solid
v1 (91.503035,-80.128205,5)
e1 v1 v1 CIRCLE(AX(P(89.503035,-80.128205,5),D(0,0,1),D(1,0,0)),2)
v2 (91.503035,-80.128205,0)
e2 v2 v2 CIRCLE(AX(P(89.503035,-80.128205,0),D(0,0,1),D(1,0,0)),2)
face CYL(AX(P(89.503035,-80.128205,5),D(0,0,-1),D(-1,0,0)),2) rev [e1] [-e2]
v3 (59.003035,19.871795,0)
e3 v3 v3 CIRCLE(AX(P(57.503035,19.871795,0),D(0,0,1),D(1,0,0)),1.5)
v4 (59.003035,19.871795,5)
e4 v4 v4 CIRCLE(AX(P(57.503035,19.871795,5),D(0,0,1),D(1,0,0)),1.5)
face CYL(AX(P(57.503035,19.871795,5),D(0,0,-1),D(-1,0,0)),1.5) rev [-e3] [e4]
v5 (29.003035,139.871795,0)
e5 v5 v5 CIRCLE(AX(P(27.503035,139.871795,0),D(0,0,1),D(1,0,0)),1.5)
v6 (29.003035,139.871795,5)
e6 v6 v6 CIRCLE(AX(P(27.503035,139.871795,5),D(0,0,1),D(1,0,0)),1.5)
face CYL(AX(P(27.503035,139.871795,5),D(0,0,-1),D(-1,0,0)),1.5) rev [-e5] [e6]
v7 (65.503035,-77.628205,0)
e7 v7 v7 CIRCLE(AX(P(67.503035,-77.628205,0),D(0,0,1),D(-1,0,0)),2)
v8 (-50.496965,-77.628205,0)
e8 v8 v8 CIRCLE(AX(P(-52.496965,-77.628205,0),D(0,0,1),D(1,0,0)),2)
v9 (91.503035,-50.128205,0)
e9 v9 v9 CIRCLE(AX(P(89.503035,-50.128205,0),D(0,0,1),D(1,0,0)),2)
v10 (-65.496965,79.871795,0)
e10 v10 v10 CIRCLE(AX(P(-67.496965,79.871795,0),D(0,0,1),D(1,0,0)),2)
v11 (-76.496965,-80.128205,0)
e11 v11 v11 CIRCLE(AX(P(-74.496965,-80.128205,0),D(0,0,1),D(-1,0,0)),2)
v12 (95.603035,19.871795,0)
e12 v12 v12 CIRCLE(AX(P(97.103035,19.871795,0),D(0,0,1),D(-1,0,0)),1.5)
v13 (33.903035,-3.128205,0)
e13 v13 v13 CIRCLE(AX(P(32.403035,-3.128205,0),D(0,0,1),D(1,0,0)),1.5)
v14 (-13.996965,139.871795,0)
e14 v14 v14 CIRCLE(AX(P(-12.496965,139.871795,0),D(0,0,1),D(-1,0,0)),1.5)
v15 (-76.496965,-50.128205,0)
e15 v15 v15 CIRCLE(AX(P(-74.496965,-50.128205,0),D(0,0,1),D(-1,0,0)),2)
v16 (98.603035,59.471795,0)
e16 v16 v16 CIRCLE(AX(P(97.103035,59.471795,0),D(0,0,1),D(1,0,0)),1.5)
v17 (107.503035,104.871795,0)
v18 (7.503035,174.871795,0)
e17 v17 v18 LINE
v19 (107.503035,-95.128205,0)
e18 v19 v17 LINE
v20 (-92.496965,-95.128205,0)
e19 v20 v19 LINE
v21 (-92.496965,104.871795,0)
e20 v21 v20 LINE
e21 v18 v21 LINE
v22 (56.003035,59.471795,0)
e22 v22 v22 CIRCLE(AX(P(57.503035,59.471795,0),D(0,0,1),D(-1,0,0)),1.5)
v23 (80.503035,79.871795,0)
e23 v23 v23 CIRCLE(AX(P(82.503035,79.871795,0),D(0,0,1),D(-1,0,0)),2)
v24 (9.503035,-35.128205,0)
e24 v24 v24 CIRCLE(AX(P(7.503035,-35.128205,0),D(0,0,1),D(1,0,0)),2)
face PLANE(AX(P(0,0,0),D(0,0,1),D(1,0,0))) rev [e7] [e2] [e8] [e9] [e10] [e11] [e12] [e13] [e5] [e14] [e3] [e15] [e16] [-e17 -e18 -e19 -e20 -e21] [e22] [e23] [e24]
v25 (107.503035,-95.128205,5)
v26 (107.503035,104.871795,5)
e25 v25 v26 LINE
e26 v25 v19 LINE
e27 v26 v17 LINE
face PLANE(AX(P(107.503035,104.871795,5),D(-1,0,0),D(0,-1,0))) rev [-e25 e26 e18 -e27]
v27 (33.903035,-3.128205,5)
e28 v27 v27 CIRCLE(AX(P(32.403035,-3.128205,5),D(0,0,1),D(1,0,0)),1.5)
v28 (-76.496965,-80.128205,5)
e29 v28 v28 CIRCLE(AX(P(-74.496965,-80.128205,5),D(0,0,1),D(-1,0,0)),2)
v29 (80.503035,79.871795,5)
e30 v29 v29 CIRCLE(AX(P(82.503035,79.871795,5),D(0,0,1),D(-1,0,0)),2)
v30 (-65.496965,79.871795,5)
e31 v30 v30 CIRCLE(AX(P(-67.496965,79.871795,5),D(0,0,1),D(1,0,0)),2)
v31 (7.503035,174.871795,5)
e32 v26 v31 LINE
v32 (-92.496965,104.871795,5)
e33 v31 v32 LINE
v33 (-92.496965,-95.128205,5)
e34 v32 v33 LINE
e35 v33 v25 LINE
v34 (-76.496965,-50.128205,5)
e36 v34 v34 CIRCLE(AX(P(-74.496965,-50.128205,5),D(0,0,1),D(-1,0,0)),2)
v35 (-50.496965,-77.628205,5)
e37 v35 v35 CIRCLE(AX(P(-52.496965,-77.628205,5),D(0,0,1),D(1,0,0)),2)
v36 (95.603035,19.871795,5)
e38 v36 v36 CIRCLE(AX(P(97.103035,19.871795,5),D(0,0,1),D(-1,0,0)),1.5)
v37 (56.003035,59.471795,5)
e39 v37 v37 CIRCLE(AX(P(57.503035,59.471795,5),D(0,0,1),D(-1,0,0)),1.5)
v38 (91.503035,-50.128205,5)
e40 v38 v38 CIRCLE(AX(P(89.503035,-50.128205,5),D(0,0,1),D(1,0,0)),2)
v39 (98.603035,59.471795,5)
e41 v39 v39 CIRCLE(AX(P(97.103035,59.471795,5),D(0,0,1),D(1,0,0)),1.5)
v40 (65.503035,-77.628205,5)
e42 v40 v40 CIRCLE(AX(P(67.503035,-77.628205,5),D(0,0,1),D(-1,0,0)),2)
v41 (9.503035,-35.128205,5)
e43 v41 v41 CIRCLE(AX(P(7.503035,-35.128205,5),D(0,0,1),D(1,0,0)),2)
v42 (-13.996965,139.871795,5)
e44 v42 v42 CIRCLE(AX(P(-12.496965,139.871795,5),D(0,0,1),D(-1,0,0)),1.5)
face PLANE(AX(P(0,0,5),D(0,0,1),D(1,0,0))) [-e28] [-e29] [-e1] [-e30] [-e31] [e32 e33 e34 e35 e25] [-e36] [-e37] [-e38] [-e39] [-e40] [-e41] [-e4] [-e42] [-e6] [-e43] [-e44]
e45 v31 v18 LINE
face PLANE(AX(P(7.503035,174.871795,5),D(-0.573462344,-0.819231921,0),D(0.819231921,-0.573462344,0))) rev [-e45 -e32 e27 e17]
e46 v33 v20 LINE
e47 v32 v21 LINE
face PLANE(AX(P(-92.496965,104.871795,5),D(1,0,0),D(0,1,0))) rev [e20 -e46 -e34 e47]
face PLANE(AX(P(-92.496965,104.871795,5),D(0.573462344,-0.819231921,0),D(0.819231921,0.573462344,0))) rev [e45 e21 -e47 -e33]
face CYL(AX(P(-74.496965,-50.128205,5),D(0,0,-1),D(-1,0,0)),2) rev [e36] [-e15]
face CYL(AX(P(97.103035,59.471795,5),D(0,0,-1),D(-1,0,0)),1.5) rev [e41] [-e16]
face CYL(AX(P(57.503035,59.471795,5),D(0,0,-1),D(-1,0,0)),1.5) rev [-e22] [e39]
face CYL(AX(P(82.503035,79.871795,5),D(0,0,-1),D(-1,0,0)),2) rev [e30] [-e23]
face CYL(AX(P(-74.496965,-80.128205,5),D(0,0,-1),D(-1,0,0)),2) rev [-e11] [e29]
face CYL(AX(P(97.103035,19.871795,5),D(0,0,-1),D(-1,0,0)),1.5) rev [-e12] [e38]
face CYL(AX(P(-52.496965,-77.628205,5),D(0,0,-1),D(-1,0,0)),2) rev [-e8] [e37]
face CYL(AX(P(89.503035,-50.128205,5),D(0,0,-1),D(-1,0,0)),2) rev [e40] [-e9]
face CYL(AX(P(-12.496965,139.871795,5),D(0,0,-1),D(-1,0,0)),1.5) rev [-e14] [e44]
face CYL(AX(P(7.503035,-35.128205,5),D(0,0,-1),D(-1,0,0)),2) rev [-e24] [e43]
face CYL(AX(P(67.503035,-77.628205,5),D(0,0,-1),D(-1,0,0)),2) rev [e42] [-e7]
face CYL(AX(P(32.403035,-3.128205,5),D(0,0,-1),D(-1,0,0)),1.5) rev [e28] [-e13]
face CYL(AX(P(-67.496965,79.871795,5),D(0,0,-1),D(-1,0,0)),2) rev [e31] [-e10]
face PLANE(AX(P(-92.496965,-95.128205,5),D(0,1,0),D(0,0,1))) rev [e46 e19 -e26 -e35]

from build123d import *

# Parameters (mm, degrees)
SKETCH1_R           = 2
SKETCH1_R_2         = 1.5
BOSS_EXTRUDE1_DEPTH = 5


with BuildPart() as part:
    # Sketch1 → Boss-Extrude1 (new body)
    with BuildSketch(Plane.XY):
        Polygon((-92.496965253, 104.871794872), (-92.496965253, -95.128205128), (107.503034747, -95.128205128), (107.503034747, 104.871794872), (7.503034747, 174.871794872), align=None)
        with Locations((89.503034747, -80.128205128)):
            Circle(SKETCH1_R, mode=Mode.SUBTRACT)
        with Locations((-74.496965253, -80.128205128)):
            Circle(SKETCH1_R, mode=Mode.SUBTRACT)
        with Locations((27.503034747, 139.871794872)):
            Circle(SKETCH1_R_2, mode=Mode.SUBTRACT)
        with Locations((-12.496965253, 139.871794872)):
            Circle(SKETCH1_R_2, mode=Mode.SUBTRACT)
        with Locations((89.503034747, -50.128205128)):
            Circle(SKETCH1_R, mode=Mode.SUBTRACT)
        with Locations((-74.496965253, -50.128205128)):
            Circle(SKETCH1_R, mode=Mode.SUBTRACT)
        with Locations((7.503034747, -35.128205128)):
            Circle(SKETCH1_R, mode=Mode.SUBTRACT)
        with Locations((32.403034747, -3.128205128)):
            Circle(SKETCH1_R_2, mode=Mode.SUBTRACT)
        with Locations((57.503034747, 19.871794872)):
            Circle(SKETCH1_R_2, mode=Mode.SUBTRACT)
        with Locations((-52.496965253, -77.628205128)):
            Circle(SKETCH1_R, mode=Mode.SUBTRACT)
        with Locations((67.503034747, -77.628205128)):
            Circle(SKETCH1_R, mode=Mode.SUBTRACT)
        with Locations((-67.496965253, 79.871794872)):
            Circle(SKETCH1_R, mode=Mode.SUBTRACT)
        with Locations((82.503034747, 79.871794872)):
            Circle(SKETCH1_R, mode=Mode.SUBTRACT)
        with Locations((57.503034747, 59.471794872)):
            Circle(SKETCH1_R_2, mode=Mode.SUBTRACT)
        with Locations((97.103034747, 19.871794872)):
            Circle(SKETCH1_R_2, mode=Mode.SUBTRACT)
        with Locations((97.103034747, 59.471794872)):
            Circle(SKETCH1_R_2, mode=Mode.SUBTRACT)
    extrude(amount=BOSS_EXTRUDE1_DEPTH)


solid = part.part
